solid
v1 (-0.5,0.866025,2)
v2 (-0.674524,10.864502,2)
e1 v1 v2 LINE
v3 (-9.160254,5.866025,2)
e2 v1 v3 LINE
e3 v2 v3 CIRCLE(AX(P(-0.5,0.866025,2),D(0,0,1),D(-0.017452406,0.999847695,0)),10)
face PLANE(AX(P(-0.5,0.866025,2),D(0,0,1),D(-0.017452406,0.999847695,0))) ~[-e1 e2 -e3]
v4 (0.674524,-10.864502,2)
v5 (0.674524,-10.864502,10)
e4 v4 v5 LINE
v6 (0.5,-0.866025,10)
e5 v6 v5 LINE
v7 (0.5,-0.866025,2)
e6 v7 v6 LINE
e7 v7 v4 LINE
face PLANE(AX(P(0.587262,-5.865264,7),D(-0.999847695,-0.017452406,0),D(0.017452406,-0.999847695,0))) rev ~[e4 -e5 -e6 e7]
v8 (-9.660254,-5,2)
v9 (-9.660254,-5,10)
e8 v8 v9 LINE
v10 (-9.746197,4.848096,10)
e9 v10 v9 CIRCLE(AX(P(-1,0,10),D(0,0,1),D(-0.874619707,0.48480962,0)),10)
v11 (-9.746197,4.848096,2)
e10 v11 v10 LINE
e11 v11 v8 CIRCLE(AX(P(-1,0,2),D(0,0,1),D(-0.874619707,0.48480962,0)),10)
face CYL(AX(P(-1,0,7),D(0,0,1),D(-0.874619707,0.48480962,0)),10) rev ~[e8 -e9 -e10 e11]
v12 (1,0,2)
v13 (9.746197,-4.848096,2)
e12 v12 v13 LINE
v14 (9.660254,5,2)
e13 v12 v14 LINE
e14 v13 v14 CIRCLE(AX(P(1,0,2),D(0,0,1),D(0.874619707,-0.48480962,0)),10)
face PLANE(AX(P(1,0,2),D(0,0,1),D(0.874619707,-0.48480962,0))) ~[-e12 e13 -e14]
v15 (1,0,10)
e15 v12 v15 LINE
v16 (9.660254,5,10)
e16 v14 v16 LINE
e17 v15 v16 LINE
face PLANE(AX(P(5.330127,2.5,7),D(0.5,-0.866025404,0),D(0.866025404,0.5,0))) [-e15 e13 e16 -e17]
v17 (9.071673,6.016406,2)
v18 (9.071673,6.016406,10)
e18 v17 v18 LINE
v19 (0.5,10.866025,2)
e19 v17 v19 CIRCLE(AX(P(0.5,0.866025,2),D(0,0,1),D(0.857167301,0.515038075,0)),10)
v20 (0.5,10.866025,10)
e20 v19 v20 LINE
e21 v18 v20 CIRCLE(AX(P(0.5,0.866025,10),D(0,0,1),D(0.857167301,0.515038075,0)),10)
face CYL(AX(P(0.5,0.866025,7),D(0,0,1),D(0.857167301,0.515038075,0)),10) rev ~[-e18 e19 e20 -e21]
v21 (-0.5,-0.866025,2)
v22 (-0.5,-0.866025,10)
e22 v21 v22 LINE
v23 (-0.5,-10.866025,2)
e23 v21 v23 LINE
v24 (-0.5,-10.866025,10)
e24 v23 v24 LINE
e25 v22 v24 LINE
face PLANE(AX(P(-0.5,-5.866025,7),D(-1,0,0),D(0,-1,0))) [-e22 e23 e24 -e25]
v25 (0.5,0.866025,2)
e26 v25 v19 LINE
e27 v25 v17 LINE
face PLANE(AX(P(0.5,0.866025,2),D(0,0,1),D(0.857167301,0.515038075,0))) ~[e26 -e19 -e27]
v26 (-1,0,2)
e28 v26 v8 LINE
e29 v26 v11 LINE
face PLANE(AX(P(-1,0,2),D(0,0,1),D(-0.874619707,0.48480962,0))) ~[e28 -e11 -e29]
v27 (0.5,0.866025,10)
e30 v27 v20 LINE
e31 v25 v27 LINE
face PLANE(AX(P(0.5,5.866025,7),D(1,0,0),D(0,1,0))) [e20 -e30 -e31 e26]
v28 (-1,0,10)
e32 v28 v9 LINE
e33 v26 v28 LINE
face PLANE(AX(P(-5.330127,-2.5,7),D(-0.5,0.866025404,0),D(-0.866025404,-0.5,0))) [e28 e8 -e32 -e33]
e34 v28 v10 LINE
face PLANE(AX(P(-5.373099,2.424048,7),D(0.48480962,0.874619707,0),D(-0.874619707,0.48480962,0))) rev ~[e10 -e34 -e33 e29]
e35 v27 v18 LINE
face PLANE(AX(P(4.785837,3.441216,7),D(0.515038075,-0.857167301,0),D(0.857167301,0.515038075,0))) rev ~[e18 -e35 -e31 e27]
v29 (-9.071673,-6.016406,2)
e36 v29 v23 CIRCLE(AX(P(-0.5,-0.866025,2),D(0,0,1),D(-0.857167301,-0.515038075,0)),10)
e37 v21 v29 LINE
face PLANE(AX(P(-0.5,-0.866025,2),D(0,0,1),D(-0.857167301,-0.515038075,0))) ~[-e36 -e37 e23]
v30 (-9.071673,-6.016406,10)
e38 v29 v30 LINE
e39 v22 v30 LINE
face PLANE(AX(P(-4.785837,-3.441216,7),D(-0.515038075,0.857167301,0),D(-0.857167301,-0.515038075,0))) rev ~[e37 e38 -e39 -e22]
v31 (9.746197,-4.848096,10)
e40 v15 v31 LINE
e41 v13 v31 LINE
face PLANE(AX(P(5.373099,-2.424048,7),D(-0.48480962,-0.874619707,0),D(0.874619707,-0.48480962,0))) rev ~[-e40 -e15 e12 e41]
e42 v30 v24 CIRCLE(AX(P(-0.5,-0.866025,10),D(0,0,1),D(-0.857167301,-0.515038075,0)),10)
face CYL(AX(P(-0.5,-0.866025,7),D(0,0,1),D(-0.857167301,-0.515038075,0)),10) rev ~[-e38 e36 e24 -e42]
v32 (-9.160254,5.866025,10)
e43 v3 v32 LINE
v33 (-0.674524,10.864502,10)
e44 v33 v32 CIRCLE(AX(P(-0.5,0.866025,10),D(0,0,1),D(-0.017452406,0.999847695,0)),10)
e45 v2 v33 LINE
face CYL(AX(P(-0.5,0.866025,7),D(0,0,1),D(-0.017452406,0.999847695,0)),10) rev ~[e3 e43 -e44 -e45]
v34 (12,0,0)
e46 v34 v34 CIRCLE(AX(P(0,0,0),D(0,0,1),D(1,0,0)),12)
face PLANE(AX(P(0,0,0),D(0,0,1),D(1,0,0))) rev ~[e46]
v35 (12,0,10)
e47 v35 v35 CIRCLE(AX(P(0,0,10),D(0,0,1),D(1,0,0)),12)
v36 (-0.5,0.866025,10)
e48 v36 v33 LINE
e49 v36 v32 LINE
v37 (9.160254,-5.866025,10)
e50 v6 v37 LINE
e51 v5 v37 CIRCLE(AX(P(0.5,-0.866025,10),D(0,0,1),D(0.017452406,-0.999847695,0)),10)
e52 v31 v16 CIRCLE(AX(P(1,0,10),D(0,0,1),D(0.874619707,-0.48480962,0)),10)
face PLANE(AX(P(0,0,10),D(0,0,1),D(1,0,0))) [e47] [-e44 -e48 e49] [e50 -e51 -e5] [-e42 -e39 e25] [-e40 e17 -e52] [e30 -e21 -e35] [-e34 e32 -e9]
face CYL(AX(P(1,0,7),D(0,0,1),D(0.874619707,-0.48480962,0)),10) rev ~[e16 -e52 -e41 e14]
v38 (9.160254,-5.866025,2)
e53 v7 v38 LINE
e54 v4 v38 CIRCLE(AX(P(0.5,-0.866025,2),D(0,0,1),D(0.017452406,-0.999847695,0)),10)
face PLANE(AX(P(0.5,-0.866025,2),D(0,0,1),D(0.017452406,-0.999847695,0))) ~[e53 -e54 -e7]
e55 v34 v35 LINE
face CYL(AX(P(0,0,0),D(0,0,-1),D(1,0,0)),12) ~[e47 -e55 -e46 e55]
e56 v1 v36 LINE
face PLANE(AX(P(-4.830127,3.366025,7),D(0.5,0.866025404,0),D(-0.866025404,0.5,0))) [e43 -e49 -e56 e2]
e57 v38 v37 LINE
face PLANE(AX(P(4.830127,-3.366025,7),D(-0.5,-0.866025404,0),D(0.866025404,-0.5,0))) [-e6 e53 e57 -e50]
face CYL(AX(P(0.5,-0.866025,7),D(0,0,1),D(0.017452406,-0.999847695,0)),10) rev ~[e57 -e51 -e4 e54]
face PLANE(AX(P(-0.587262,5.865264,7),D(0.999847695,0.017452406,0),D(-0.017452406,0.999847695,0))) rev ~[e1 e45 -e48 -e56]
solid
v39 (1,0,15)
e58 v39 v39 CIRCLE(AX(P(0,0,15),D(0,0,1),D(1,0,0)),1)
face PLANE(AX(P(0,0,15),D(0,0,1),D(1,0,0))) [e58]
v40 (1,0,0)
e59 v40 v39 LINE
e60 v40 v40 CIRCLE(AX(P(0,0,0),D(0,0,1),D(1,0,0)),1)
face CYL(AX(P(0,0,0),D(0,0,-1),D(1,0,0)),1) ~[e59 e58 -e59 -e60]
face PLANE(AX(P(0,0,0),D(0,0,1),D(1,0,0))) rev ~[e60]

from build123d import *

# Parameters (mm, degrees)
CYLINDER002_R               = 1
CYLINDER002_DEPTH           = 15
CYLINDER001_W               = 10
CYLINDER001_H               = 10
CYLINDER001_ANGLE           = 59
CYLINDER001_PLACEMENT_ANGLE = -29
ARRAY_COUNT                 = 6
CYLINDER_R                  = 12
CYLINDER_DEPTH              = 10


with BuildPart() as referencia:
    # Cylinder002 → Cylinder002 (new body)
    with BuildSketch(Plane.XY):
        Circle(CYLINDER002_R)
    extrude(amount=CYLINDER002_DEPTH)


with BuildPart() as array_quesitos:
    # Cylinder001 → Cylinder001 (revolve)
    with BuildSketch(Plane.XZ):
        with Locations((5, 5)):
            Rectangle(CYLINDER001_W, CYLINDER001_H)
    revolve(axis=Axis((0, 0, 0), (0, 0, 1)), revolution_arc=CYLINDER001_ANGLE)


with BuildPart() as array_quesitos_1:
    # Cylinder001 placement: moved
    add(array_quesitos.part.moved(Location((1, 0, 2))).rotate(Axis((1, 0, 2), (0, 0, 1)), CYLINDER001_PLACEMENT_ANGLE))

    # Array: Array_quesitos ×6 about axis
    array_axis = Axis((0, 0, 0), (0, 0, 1))


with BuildPart() as array_quesitos_2:
    add(array_quesitos_1.part)
    for i in range(1, ARRAY_COUNT):
        add(array_quesitos_1.part.rotate(array_axis, i * 360 / ARRAY_COUNT))


with BuildPart() as cut:
    # Cylinder → Cylinder (new body)
    with BuildSketch(Plane.XY):
        Circle(CYLINDER_R)
    extrude(amount=CYLINDER_DEPTH)

    # Cut: cut Array_quesitos
    add(array_quesitos_2.part, mode=Mode.SUBTRACT)


solid = Compound([referencia.part, cut.part])
